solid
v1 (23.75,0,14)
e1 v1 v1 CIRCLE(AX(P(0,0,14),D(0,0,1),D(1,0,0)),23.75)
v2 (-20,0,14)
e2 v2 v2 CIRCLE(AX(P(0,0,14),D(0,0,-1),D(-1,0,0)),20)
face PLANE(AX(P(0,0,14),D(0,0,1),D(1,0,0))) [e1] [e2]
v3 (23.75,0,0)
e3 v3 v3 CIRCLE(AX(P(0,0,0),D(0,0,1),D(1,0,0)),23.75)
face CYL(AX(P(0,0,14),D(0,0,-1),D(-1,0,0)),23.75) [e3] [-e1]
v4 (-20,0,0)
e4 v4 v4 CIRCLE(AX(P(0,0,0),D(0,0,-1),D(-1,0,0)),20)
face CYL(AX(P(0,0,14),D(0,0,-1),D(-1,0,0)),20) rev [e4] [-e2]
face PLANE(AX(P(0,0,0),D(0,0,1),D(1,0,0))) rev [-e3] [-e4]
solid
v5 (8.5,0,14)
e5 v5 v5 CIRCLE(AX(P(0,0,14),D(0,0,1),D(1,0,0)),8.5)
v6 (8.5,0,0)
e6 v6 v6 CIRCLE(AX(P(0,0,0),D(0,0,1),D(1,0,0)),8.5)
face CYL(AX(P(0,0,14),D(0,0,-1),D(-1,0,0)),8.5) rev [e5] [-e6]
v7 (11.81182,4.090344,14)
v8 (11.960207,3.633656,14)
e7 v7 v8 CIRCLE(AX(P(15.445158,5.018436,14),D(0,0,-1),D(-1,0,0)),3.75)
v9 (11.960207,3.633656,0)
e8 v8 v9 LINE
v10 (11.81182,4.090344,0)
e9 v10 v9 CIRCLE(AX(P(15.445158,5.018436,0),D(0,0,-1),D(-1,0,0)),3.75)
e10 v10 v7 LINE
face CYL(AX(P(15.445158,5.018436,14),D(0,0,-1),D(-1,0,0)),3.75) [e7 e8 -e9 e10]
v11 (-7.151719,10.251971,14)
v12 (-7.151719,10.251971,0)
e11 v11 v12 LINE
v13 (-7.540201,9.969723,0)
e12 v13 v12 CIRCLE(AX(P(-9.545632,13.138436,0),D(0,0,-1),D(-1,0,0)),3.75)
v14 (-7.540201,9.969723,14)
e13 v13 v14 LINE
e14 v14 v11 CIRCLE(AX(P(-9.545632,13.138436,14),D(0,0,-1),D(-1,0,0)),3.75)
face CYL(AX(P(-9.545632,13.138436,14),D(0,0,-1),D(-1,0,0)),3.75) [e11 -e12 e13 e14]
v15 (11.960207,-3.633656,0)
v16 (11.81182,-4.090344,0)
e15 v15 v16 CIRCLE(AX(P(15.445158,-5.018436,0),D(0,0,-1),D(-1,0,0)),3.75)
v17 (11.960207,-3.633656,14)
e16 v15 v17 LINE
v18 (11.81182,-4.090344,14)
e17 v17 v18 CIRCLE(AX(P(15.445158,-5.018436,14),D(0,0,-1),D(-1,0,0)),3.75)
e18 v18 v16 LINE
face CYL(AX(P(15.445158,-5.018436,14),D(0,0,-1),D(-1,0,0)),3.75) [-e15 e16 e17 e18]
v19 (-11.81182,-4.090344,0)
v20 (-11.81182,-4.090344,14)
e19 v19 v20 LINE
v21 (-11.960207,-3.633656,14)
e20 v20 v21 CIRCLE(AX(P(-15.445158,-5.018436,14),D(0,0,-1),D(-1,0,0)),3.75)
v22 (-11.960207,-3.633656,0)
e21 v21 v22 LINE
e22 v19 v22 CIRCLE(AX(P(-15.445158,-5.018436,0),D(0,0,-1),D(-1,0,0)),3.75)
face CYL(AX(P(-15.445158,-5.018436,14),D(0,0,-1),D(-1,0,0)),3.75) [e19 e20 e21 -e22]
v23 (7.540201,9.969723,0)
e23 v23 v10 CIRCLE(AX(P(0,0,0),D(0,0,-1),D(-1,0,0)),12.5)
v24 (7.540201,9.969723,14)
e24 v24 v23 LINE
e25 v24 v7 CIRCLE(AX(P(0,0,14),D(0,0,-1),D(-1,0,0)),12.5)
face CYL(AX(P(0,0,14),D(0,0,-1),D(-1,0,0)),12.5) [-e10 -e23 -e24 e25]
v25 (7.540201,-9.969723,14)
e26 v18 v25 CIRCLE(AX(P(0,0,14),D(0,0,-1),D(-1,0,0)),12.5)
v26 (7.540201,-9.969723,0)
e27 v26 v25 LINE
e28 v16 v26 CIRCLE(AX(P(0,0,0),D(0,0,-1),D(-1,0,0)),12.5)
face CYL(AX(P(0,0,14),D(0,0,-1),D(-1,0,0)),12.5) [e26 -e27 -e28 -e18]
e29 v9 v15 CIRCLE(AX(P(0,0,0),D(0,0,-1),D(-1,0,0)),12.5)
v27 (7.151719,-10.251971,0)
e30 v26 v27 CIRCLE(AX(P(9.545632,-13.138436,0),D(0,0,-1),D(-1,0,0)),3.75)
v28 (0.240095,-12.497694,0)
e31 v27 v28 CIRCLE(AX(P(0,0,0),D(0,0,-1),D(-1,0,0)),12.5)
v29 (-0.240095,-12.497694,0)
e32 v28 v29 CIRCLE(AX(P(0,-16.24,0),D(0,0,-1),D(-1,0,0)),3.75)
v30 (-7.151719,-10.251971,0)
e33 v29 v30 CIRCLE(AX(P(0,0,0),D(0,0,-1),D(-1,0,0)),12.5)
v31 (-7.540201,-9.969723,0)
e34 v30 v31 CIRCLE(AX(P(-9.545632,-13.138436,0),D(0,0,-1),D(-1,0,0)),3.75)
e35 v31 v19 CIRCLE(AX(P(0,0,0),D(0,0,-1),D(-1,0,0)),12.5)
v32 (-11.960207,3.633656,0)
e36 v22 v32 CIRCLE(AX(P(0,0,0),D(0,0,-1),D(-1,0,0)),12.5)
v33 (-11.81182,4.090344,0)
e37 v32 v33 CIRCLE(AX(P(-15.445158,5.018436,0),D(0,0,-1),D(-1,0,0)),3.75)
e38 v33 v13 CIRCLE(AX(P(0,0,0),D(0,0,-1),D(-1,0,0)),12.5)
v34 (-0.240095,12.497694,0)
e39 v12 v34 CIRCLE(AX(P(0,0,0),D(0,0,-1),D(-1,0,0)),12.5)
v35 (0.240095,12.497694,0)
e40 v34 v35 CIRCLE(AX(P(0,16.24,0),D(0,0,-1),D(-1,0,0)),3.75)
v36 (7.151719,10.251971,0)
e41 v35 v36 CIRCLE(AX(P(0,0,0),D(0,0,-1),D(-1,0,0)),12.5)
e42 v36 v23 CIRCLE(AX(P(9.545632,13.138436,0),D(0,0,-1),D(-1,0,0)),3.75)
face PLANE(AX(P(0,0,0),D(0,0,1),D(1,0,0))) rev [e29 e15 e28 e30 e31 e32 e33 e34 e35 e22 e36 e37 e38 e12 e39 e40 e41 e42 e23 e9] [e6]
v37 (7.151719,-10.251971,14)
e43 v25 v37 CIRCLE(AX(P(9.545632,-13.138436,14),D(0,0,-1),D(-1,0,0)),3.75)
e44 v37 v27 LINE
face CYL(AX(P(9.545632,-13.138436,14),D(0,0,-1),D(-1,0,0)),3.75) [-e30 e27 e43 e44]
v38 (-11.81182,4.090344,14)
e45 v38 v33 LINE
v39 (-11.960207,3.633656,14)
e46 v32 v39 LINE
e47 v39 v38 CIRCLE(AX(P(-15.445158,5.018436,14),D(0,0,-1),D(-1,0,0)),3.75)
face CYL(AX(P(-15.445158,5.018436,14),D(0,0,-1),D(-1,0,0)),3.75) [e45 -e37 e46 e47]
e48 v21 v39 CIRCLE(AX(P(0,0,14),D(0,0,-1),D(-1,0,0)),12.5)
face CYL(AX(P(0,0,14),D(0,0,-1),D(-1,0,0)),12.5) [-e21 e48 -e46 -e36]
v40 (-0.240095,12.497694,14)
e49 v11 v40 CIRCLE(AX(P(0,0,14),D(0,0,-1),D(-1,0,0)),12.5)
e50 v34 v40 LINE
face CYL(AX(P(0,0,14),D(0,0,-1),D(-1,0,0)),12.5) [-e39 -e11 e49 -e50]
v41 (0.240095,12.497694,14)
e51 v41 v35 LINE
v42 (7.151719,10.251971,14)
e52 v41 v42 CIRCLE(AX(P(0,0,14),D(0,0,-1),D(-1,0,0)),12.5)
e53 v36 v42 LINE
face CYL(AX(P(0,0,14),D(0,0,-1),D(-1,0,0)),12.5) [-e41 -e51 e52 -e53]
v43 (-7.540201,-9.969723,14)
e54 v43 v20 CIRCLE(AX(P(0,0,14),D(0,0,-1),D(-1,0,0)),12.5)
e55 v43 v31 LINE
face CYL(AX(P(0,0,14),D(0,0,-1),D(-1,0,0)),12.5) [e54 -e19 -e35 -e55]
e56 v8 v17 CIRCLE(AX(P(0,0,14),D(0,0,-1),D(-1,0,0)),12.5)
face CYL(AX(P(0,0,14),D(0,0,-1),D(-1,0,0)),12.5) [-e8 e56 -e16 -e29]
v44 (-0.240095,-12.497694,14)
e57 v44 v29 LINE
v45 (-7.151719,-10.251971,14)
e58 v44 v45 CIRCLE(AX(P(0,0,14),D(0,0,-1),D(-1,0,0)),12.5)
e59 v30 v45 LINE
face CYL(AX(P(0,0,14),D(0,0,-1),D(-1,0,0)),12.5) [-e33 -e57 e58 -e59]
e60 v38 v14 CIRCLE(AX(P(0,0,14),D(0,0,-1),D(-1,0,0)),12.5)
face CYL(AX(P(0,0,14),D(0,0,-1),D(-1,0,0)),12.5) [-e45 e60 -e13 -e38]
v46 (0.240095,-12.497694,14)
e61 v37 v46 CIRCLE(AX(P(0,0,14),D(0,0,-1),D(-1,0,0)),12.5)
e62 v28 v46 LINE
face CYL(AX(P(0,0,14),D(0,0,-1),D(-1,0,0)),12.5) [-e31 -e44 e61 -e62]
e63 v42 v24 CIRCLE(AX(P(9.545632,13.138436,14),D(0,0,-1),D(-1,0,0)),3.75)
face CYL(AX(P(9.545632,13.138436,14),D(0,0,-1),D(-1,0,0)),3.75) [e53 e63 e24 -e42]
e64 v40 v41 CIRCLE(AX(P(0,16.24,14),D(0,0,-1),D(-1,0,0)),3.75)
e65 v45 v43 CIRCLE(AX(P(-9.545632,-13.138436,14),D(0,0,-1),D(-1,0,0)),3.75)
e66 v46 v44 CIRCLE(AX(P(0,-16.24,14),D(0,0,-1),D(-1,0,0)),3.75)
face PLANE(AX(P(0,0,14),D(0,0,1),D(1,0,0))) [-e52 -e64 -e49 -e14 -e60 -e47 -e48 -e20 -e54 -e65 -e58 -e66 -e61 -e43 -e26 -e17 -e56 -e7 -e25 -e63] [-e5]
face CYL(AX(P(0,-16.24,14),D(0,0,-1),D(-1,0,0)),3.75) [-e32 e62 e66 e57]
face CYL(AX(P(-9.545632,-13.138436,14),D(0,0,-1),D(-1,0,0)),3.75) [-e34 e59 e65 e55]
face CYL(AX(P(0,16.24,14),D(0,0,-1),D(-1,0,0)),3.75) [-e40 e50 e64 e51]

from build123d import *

# Parameters (mm, degrees)
CROQUIS1_R              = 23.75
CROQUIS1_R_2            = 8.5
SALIENTE_EXTRUIR1_DEPTH = 14
CROQUIS2_R              = 20
CROQUIS2_R_2            = 12.5
CORTAR_EXTRUIR1_DEPTH   = 14
CROQUIS3_R              = 3.75
SALIENTE_EXTRUIR2_DEPTH = 14


with BuildPart() as part:
    # Croquis1 → Saliente-Extruir1 (new body)
    with BuildSketch(Plane.XY):
        Circle(CROQUIS1_R)
        Circle(CROQUIS1_R_2, mode=Mode.SUBTRACT)
    extrude(amount=SALIENTE_EXTRUIR1_DEPTH)

    # Croquis2 → Cortar-Extruir1 (cut)
    with BuildSketch(Plane(origin=(0, 0, 0), x_dir=(-1, 0, 0), z_dir=(0, 0, -1))):
        Circle(CROQUIS2_R)
        Circle(CROQUIS2_R_2, mode=Mode.SUBTRACT)
    extrude(amount=-CORTAR_EXTRUIR1_DEPTH, mode=Mode.SUBTRACT)


with BuildPart() as cortar_extruir1_piece_1:
    # of the separate pieces the step leaves, piece 1, a body of its own (cortar_extruir1_pieces)
    add(part.part.solids().sort_by_distance((23.75, 0, 0))[0])


with BuildPart() as cortar_extruir1_piece_2:
    # of the separate pieces the step leaves, piece 2, a body of its own (cortar_extruir1_pieces)
    add(part.part.solids().sort_by_distance((-12.5, 0, 0))[0])

    # Croquis3 → Saliente-Extruir2 (add)
    with BuildSketch(Plane(origin=(0, 0, 0), x_dir=(-1, 0, 0), z_dir=(0, 0, -1))):
        with Locations((0, 16.24)):
            Circle(CROQUIS3_R)
        with Locations((9.545632497, 13.138435989)):
            Circle(CROQUIS3_R)
        with Locations((15.445157825, 5.018435989)):
            Circle(CROQUIS3_R)
        with Locations((15.445157825, -5.018435989)):
            Circle(CROQUIS3_R)
        with Locations((9.545632497, -13.138435989)):
            Circle(CROQUIS3_R)
        with Locations((0, -16.24)):
            Circle(CROQUIS3_R)
        with Locations((-9.545632497, -13.138435989)):
            Circle(CROQUIS3_R)
        with Locations((-15.445157825, -5.018435989)):
            Circle(CROQUIS3_R)
        with Locations((-15.445157825, 5.018435989)):
            Circle(CROQUIS3_R)
        with Locations((-9.545632497, 13.138435989)):
            Circle(CROQUIS3_R)
    extrude(amount=-SALIENTE_EXTRUIR2_DEPTH)


solid = Compound([cortar_extruir1_piece_1.part, cortar_extruir1_piece_2.part])
